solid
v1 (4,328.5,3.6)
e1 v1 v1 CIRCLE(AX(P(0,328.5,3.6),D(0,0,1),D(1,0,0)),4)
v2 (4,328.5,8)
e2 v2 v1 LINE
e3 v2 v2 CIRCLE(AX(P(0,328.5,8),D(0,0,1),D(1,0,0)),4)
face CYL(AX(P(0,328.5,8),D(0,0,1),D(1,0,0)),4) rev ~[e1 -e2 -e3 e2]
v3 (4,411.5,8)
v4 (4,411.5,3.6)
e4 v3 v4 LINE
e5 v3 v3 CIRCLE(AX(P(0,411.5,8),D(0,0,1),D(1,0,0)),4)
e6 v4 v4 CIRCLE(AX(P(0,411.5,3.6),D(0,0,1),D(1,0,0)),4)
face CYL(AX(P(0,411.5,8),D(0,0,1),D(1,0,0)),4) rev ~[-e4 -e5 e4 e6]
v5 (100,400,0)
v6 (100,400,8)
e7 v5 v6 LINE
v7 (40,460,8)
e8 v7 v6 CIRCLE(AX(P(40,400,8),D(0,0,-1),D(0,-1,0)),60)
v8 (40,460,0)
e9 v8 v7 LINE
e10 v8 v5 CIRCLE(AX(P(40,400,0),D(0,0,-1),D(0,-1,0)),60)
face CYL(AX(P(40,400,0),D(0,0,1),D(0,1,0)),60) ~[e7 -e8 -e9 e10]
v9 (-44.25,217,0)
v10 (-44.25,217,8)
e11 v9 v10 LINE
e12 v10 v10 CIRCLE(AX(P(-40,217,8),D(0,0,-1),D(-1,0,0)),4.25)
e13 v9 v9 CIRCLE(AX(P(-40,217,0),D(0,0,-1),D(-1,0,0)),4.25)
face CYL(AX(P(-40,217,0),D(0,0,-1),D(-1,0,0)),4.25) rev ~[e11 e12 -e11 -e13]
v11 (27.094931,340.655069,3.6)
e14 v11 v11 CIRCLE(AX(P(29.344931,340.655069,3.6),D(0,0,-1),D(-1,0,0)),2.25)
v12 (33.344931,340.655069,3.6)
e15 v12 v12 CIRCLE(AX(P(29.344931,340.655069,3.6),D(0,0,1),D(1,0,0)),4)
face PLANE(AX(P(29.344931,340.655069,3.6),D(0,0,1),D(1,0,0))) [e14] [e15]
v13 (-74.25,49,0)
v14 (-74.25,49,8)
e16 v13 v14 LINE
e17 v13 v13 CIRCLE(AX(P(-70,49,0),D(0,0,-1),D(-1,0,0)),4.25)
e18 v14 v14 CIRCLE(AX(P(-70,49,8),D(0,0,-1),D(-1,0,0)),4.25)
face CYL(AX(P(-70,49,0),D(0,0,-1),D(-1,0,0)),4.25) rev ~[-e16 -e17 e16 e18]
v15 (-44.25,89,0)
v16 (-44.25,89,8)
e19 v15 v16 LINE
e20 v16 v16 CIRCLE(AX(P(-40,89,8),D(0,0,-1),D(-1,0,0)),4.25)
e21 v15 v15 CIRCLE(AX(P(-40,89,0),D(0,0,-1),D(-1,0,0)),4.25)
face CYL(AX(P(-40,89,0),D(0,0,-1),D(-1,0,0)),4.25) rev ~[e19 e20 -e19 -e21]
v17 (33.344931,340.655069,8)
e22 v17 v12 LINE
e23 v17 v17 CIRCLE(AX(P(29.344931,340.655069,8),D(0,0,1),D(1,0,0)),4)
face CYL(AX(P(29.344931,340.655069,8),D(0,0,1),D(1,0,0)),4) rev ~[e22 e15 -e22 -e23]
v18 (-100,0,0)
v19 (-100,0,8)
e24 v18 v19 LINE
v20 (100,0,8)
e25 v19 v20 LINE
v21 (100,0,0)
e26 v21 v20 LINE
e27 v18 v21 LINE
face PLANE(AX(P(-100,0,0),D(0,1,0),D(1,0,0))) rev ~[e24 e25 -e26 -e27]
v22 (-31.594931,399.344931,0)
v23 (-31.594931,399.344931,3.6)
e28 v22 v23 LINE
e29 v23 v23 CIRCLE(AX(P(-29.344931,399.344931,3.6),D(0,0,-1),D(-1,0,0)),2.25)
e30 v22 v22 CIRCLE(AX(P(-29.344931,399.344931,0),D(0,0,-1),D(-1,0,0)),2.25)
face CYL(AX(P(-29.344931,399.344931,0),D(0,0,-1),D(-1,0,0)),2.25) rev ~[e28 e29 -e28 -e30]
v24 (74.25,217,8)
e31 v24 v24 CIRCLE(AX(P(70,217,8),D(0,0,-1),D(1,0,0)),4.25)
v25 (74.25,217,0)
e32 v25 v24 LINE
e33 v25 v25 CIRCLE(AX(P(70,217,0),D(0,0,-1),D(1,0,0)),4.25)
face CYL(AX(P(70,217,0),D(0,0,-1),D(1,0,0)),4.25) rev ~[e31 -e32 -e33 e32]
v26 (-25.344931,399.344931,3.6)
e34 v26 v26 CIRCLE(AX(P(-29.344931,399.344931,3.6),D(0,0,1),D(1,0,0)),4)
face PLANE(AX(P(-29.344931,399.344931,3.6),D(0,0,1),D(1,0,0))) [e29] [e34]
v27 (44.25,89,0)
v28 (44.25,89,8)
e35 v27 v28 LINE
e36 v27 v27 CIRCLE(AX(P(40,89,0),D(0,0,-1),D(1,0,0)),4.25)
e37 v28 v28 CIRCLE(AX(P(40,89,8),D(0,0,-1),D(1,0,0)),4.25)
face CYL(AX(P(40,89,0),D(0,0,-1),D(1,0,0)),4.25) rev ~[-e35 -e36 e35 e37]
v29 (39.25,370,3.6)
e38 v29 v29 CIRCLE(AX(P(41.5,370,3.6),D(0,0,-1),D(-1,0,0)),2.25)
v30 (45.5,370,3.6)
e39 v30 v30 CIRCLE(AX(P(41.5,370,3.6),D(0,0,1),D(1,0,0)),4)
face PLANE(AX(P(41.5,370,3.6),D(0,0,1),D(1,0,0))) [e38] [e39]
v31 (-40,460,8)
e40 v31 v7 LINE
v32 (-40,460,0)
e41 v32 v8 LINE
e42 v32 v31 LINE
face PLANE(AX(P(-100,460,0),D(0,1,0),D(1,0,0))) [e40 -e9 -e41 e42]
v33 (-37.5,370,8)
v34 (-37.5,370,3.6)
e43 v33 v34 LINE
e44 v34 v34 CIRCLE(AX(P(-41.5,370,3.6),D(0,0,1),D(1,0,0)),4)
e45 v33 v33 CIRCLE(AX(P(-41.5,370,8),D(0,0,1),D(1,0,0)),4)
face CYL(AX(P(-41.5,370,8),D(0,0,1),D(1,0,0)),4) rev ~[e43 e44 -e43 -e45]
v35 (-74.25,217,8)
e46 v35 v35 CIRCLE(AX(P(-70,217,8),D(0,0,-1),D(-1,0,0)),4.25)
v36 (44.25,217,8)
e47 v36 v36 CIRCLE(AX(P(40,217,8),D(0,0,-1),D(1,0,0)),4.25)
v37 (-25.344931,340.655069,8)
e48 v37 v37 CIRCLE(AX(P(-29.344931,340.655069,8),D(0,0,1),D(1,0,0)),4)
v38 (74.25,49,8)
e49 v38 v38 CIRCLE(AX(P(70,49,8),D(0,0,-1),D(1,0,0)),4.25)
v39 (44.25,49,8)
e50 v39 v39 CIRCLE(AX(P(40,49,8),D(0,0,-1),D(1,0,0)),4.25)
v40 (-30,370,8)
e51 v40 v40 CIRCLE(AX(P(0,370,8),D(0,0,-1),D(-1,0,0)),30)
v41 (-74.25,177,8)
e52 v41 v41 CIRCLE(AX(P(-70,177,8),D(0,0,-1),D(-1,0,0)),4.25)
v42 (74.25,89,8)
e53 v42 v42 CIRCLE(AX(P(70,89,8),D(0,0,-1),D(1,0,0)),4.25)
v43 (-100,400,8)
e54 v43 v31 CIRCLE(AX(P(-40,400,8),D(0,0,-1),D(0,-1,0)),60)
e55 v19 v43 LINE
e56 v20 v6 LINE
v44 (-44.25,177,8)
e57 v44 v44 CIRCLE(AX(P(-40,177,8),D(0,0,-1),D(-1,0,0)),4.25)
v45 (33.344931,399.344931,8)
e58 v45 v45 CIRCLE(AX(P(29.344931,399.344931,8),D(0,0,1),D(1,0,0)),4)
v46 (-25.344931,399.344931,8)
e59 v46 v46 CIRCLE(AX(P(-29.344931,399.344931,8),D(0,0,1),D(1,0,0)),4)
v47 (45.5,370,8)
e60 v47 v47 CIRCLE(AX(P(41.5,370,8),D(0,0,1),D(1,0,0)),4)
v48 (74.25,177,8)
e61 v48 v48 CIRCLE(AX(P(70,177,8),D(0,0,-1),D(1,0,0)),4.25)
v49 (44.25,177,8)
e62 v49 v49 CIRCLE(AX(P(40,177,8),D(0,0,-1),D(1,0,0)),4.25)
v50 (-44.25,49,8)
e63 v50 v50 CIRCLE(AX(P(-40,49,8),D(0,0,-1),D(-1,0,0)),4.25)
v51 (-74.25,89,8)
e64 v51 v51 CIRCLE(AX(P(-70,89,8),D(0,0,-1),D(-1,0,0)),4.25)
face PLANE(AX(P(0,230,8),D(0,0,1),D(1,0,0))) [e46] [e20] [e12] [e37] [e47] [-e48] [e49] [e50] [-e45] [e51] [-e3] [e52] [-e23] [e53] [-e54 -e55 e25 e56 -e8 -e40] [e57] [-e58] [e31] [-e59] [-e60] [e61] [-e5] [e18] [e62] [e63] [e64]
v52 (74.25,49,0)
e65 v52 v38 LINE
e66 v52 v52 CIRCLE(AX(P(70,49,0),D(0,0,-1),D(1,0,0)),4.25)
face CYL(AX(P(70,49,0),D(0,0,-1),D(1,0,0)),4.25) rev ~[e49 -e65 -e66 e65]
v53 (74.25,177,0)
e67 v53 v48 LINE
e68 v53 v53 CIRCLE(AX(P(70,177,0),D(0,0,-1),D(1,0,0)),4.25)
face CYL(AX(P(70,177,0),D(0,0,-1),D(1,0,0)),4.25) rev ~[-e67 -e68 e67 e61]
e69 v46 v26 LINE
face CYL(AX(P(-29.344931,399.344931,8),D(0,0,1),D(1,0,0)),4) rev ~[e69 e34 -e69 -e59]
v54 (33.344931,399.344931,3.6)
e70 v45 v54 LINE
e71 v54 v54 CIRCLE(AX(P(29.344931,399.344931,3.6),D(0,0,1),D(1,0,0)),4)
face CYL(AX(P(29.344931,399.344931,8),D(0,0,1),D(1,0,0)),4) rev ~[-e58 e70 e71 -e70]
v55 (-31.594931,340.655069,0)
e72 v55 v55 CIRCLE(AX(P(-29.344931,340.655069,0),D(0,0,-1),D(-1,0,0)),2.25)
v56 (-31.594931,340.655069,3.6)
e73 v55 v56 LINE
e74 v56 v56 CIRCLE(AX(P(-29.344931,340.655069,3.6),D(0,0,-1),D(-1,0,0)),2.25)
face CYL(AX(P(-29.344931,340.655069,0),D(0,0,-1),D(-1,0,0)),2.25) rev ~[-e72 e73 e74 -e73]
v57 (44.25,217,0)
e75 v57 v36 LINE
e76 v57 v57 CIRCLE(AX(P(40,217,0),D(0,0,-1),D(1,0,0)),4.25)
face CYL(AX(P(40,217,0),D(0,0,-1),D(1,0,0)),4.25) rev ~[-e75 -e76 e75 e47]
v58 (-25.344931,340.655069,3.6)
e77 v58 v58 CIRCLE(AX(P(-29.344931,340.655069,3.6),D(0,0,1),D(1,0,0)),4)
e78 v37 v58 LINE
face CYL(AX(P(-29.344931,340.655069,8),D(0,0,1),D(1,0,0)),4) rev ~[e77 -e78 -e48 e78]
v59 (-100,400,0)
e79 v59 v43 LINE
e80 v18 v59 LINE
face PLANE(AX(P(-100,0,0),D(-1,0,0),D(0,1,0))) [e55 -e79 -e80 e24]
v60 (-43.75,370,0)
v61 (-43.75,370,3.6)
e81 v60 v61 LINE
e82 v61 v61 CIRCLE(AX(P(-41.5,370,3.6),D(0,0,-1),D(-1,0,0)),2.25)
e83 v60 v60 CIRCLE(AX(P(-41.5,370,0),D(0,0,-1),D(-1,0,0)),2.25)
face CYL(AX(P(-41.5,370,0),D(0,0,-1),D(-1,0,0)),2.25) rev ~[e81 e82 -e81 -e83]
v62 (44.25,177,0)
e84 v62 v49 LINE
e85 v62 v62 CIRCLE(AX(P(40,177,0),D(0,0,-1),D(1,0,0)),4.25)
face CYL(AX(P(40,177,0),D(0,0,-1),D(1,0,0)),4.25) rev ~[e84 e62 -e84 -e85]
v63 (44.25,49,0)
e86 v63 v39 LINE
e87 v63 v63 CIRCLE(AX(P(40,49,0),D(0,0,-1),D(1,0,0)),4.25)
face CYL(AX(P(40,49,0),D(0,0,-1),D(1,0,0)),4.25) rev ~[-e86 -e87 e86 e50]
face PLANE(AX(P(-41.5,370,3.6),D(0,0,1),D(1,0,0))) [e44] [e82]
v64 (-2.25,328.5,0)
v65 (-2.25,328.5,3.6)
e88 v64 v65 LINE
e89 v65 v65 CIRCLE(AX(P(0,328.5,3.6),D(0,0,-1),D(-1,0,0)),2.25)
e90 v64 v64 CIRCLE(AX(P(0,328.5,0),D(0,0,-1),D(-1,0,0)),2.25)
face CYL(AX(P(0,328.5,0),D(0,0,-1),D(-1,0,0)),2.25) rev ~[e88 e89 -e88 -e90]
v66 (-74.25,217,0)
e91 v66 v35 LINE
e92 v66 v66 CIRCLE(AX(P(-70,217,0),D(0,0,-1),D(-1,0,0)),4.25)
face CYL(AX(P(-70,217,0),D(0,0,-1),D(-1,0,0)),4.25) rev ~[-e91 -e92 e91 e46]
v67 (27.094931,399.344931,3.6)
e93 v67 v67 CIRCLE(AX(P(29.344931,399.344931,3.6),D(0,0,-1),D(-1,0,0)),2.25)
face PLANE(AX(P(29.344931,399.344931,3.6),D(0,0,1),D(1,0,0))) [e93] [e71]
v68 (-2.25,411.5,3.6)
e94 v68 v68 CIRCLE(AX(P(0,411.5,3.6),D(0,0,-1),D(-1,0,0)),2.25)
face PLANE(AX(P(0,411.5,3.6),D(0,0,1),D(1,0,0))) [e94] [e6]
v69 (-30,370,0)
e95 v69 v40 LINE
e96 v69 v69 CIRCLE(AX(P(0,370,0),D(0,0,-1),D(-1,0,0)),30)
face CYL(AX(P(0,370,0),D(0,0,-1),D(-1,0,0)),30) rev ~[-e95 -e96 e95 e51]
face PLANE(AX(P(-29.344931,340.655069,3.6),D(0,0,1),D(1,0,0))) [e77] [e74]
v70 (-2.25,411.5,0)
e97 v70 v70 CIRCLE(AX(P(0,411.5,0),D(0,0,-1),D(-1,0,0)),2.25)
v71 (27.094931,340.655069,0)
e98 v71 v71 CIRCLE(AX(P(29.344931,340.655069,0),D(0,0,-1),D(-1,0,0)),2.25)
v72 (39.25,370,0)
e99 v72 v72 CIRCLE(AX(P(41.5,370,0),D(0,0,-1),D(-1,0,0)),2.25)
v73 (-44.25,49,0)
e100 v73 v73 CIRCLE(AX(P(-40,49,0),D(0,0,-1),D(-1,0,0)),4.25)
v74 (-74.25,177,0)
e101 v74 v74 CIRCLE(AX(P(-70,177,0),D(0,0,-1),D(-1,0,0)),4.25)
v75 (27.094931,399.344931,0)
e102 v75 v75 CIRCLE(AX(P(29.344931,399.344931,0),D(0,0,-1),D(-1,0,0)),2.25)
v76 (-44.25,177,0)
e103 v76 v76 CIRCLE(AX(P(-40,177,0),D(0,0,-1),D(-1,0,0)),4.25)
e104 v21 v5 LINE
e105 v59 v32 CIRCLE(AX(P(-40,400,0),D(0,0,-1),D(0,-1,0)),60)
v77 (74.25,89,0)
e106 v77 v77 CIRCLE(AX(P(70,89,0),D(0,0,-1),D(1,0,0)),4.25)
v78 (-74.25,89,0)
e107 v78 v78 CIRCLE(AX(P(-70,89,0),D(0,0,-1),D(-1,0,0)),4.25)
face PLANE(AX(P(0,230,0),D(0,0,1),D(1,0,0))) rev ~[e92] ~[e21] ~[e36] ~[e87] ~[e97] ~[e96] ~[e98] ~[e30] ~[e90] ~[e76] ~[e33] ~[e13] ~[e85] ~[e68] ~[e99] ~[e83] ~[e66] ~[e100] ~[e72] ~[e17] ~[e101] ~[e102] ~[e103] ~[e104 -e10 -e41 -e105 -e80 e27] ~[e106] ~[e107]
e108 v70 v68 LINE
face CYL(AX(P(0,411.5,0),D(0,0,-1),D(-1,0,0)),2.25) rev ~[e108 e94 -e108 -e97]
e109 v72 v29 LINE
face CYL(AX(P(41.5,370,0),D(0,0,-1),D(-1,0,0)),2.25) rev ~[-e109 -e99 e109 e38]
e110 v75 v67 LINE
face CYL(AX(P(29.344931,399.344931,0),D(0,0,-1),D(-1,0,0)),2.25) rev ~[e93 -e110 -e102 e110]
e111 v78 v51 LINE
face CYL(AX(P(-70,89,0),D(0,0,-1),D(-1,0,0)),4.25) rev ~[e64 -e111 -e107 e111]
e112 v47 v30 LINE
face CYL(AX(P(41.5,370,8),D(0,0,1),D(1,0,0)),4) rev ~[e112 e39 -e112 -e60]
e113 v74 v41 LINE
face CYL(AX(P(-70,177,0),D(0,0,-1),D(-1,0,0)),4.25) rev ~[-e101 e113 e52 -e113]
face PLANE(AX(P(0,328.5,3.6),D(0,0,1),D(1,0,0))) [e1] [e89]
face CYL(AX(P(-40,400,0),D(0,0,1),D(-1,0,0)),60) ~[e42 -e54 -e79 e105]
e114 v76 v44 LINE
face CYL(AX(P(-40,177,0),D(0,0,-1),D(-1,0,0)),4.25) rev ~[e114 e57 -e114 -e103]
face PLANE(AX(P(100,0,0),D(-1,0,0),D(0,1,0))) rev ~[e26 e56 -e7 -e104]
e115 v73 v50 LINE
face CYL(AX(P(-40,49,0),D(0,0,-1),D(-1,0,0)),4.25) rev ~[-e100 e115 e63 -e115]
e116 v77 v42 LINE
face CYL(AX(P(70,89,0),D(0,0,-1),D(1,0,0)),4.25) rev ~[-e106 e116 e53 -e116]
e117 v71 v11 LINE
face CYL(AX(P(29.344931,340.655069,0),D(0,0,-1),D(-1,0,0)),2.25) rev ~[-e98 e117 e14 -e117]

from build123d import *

# Parameters (mm, degrees)
SKETCH_1_W          = 200
SKETCH_1_H          = 460
EXTRUDE_1_DEPTH     = 8
SKETCH_2_R          = 30
CUT_EXTRUDE_1_DEPTH = 10
SKETCH_3_R          = 2.25
CUT_EXTRUDE_2_DEPTH = 10
SKETCH_4_R          = 4
CUT_EXTRUDE_3_DEPTH = 4.4
FILLET_1_R          = 60
SKETCH_5_R          = 4.25
CUT_EXTRUDE_4_DEPTH = 10


with BuildPart() as part:
    # 草图1 → 凸台-拉伸1 (new body)
    with BuildSketch(Plane.XY):
        with Locations((0, 230)):
            Rectangle(SKETCH_1_W, SKETCH_1_H)
    extrude(amount=EXTRUDE_1_DEPTH)

    # 草图2 → 切除-拉伸1 (cut)
    with BuildSketch(Plane(origin=(0, 0, 0), x_dir=(-1, 0, 0), z_dir=(0, 0, -1))):
        with Locations((0, 370)):
            Circle(SKETCH_2_R)
    extrude(amount=-CUT_EXTRUDE_1_DEPTH, mode=Mode.SUBTRACT)

    # 草图3 → 切除-拉伸2 (cut)
    with BuildSketch(Plane(origin=(0, 0, 0), x_dir=(-1, 0, 0), z_dir=(0, 0, -1))):
        with Locations((0, 411.5)):
            Circle(SKETCH_3_R)
        with Locations((29.344931419, 399.344931419)):
            Circle(SKETCH_3_R)
        with Locations((41.5, 370)):
            Circle(SKETCH_3_R)
        with Locations((29.344931419, 340.655068581)):
            Circle(SKETCH_3_R)
        with Locations((0, 328.5)):
            Circle(SKETCH_3_R)
        with Locations((-29.344931419, 340.655068581)):
            Circle(SKETCH_3_R)
        with Locations((-41.5, 370)):
            Circle(SKETCH_3_R)
        with Locations((-29.344931419, 399.344931419)):
            Circle(SKETCH_3_R)
    extrude(amount=-CUT_EXTRUDE_2_DEPTH, mode=Mode.SUBTRACT)

    # 草图4 → 切除-拉伸3 (cut)
    with BuildSketch(Plane.XY.offset(8)):
        with Locations((29.344931419, 399.344931419)):
            Circle(SKETCH_4_R)
        with Locations((41.5, 370)):
            Circle(SKETCH_4_R)
        with Locations((29.344931419, 340.655068581)):
            Circle(SKETCH_4_R)
        with Locations((0, 328.5)):
            Circle(SKETCH_4_R)
        with Locations((-29.344931419, 340.655068581)):
            Circle(SKETCH_4_R)
        with Locations((-41.5, 370)):
            Circle(SKETCH_4_R)
        with Locations((-29.344931419, 399.344931419)):
            Circle(SKETCH_4_R)
        with Locations((0, 411.5)):
            Circle(SKETCH_4_R)
    extrude(amount=-CUT_EXTRUDE_3_DEPTH, mode=Mode.SUBTRACT)

    # 圆角1
    fillet_1_edges = [part.edges().sort_by_distance(p)[0] for p in [
        (100, 460, 4),
        (-100, 460, 4),
    ]]
    fillet(fillet_1_edges, radius=FILLET_1_R)

    # 草图5 → 切除-拉伸4 (cut)
    with BuildSketch(Plane(origin=(0, 0, 0), x_dir=(-1, 0, 0), z_dir=(0, 0, -1))):
        with Locations((40, 49)):
            Circle(SKETCH_5_R)
        with Locations((70, 49)):
            Circle(SKETCH_5_R)
        with Locations((40, 89)):
            Circle(SKETCH_5_R)
        with Locations((70, 89)):
            Circle(SKETCH_5_R)
        with Locations((40, 217)):
            Circle(SKETCH_5_R)
        with Locations((40, 177)):
            Circle(SKETCH_5_R)
        with Locations((70, 177)):
            Circle(SKETCH_5_R)
        with Locations((70, 217)):
            Circle(SKETCH_5_R)
        with Locations(Location((-70, 217, 0), (0, 0, 180))):
            Circle(SKETCH_5_R)
        with Locations(Location((-70, 177, 0), (0, 0, 180))):
            Circle(SKETCH_5_R)
        with Locations(Location((-40, 177, 0), (0, 0, 180))):
            Circle(SKETCH_5_R)
        with Locations(Location((-40, 217, 0), (0, 0, 180))):
            Circle(SKETCH_5_R)
        with Locations(Location((-70, 89, 0), (0, 0, 180))):
            Circle(SKETCH_5_R)
        with Locations(Location((-40, 89, 0), (0, 0, 180))):
            Circle(SKETCH_5_R)
        with Locations(Location((-70, 49, 0), (0, 0, 180))):
            Circle(SKETCH_5_R)
        with Locations(Location((-40, 49, 0), (0, 0, 180))):
            Circle(SKETCH_5_R)
    extrude(amount=-CUT_EXTRUDE_4_DEPTH, mode=Mode.SUBTRACT)


solid = part.part
